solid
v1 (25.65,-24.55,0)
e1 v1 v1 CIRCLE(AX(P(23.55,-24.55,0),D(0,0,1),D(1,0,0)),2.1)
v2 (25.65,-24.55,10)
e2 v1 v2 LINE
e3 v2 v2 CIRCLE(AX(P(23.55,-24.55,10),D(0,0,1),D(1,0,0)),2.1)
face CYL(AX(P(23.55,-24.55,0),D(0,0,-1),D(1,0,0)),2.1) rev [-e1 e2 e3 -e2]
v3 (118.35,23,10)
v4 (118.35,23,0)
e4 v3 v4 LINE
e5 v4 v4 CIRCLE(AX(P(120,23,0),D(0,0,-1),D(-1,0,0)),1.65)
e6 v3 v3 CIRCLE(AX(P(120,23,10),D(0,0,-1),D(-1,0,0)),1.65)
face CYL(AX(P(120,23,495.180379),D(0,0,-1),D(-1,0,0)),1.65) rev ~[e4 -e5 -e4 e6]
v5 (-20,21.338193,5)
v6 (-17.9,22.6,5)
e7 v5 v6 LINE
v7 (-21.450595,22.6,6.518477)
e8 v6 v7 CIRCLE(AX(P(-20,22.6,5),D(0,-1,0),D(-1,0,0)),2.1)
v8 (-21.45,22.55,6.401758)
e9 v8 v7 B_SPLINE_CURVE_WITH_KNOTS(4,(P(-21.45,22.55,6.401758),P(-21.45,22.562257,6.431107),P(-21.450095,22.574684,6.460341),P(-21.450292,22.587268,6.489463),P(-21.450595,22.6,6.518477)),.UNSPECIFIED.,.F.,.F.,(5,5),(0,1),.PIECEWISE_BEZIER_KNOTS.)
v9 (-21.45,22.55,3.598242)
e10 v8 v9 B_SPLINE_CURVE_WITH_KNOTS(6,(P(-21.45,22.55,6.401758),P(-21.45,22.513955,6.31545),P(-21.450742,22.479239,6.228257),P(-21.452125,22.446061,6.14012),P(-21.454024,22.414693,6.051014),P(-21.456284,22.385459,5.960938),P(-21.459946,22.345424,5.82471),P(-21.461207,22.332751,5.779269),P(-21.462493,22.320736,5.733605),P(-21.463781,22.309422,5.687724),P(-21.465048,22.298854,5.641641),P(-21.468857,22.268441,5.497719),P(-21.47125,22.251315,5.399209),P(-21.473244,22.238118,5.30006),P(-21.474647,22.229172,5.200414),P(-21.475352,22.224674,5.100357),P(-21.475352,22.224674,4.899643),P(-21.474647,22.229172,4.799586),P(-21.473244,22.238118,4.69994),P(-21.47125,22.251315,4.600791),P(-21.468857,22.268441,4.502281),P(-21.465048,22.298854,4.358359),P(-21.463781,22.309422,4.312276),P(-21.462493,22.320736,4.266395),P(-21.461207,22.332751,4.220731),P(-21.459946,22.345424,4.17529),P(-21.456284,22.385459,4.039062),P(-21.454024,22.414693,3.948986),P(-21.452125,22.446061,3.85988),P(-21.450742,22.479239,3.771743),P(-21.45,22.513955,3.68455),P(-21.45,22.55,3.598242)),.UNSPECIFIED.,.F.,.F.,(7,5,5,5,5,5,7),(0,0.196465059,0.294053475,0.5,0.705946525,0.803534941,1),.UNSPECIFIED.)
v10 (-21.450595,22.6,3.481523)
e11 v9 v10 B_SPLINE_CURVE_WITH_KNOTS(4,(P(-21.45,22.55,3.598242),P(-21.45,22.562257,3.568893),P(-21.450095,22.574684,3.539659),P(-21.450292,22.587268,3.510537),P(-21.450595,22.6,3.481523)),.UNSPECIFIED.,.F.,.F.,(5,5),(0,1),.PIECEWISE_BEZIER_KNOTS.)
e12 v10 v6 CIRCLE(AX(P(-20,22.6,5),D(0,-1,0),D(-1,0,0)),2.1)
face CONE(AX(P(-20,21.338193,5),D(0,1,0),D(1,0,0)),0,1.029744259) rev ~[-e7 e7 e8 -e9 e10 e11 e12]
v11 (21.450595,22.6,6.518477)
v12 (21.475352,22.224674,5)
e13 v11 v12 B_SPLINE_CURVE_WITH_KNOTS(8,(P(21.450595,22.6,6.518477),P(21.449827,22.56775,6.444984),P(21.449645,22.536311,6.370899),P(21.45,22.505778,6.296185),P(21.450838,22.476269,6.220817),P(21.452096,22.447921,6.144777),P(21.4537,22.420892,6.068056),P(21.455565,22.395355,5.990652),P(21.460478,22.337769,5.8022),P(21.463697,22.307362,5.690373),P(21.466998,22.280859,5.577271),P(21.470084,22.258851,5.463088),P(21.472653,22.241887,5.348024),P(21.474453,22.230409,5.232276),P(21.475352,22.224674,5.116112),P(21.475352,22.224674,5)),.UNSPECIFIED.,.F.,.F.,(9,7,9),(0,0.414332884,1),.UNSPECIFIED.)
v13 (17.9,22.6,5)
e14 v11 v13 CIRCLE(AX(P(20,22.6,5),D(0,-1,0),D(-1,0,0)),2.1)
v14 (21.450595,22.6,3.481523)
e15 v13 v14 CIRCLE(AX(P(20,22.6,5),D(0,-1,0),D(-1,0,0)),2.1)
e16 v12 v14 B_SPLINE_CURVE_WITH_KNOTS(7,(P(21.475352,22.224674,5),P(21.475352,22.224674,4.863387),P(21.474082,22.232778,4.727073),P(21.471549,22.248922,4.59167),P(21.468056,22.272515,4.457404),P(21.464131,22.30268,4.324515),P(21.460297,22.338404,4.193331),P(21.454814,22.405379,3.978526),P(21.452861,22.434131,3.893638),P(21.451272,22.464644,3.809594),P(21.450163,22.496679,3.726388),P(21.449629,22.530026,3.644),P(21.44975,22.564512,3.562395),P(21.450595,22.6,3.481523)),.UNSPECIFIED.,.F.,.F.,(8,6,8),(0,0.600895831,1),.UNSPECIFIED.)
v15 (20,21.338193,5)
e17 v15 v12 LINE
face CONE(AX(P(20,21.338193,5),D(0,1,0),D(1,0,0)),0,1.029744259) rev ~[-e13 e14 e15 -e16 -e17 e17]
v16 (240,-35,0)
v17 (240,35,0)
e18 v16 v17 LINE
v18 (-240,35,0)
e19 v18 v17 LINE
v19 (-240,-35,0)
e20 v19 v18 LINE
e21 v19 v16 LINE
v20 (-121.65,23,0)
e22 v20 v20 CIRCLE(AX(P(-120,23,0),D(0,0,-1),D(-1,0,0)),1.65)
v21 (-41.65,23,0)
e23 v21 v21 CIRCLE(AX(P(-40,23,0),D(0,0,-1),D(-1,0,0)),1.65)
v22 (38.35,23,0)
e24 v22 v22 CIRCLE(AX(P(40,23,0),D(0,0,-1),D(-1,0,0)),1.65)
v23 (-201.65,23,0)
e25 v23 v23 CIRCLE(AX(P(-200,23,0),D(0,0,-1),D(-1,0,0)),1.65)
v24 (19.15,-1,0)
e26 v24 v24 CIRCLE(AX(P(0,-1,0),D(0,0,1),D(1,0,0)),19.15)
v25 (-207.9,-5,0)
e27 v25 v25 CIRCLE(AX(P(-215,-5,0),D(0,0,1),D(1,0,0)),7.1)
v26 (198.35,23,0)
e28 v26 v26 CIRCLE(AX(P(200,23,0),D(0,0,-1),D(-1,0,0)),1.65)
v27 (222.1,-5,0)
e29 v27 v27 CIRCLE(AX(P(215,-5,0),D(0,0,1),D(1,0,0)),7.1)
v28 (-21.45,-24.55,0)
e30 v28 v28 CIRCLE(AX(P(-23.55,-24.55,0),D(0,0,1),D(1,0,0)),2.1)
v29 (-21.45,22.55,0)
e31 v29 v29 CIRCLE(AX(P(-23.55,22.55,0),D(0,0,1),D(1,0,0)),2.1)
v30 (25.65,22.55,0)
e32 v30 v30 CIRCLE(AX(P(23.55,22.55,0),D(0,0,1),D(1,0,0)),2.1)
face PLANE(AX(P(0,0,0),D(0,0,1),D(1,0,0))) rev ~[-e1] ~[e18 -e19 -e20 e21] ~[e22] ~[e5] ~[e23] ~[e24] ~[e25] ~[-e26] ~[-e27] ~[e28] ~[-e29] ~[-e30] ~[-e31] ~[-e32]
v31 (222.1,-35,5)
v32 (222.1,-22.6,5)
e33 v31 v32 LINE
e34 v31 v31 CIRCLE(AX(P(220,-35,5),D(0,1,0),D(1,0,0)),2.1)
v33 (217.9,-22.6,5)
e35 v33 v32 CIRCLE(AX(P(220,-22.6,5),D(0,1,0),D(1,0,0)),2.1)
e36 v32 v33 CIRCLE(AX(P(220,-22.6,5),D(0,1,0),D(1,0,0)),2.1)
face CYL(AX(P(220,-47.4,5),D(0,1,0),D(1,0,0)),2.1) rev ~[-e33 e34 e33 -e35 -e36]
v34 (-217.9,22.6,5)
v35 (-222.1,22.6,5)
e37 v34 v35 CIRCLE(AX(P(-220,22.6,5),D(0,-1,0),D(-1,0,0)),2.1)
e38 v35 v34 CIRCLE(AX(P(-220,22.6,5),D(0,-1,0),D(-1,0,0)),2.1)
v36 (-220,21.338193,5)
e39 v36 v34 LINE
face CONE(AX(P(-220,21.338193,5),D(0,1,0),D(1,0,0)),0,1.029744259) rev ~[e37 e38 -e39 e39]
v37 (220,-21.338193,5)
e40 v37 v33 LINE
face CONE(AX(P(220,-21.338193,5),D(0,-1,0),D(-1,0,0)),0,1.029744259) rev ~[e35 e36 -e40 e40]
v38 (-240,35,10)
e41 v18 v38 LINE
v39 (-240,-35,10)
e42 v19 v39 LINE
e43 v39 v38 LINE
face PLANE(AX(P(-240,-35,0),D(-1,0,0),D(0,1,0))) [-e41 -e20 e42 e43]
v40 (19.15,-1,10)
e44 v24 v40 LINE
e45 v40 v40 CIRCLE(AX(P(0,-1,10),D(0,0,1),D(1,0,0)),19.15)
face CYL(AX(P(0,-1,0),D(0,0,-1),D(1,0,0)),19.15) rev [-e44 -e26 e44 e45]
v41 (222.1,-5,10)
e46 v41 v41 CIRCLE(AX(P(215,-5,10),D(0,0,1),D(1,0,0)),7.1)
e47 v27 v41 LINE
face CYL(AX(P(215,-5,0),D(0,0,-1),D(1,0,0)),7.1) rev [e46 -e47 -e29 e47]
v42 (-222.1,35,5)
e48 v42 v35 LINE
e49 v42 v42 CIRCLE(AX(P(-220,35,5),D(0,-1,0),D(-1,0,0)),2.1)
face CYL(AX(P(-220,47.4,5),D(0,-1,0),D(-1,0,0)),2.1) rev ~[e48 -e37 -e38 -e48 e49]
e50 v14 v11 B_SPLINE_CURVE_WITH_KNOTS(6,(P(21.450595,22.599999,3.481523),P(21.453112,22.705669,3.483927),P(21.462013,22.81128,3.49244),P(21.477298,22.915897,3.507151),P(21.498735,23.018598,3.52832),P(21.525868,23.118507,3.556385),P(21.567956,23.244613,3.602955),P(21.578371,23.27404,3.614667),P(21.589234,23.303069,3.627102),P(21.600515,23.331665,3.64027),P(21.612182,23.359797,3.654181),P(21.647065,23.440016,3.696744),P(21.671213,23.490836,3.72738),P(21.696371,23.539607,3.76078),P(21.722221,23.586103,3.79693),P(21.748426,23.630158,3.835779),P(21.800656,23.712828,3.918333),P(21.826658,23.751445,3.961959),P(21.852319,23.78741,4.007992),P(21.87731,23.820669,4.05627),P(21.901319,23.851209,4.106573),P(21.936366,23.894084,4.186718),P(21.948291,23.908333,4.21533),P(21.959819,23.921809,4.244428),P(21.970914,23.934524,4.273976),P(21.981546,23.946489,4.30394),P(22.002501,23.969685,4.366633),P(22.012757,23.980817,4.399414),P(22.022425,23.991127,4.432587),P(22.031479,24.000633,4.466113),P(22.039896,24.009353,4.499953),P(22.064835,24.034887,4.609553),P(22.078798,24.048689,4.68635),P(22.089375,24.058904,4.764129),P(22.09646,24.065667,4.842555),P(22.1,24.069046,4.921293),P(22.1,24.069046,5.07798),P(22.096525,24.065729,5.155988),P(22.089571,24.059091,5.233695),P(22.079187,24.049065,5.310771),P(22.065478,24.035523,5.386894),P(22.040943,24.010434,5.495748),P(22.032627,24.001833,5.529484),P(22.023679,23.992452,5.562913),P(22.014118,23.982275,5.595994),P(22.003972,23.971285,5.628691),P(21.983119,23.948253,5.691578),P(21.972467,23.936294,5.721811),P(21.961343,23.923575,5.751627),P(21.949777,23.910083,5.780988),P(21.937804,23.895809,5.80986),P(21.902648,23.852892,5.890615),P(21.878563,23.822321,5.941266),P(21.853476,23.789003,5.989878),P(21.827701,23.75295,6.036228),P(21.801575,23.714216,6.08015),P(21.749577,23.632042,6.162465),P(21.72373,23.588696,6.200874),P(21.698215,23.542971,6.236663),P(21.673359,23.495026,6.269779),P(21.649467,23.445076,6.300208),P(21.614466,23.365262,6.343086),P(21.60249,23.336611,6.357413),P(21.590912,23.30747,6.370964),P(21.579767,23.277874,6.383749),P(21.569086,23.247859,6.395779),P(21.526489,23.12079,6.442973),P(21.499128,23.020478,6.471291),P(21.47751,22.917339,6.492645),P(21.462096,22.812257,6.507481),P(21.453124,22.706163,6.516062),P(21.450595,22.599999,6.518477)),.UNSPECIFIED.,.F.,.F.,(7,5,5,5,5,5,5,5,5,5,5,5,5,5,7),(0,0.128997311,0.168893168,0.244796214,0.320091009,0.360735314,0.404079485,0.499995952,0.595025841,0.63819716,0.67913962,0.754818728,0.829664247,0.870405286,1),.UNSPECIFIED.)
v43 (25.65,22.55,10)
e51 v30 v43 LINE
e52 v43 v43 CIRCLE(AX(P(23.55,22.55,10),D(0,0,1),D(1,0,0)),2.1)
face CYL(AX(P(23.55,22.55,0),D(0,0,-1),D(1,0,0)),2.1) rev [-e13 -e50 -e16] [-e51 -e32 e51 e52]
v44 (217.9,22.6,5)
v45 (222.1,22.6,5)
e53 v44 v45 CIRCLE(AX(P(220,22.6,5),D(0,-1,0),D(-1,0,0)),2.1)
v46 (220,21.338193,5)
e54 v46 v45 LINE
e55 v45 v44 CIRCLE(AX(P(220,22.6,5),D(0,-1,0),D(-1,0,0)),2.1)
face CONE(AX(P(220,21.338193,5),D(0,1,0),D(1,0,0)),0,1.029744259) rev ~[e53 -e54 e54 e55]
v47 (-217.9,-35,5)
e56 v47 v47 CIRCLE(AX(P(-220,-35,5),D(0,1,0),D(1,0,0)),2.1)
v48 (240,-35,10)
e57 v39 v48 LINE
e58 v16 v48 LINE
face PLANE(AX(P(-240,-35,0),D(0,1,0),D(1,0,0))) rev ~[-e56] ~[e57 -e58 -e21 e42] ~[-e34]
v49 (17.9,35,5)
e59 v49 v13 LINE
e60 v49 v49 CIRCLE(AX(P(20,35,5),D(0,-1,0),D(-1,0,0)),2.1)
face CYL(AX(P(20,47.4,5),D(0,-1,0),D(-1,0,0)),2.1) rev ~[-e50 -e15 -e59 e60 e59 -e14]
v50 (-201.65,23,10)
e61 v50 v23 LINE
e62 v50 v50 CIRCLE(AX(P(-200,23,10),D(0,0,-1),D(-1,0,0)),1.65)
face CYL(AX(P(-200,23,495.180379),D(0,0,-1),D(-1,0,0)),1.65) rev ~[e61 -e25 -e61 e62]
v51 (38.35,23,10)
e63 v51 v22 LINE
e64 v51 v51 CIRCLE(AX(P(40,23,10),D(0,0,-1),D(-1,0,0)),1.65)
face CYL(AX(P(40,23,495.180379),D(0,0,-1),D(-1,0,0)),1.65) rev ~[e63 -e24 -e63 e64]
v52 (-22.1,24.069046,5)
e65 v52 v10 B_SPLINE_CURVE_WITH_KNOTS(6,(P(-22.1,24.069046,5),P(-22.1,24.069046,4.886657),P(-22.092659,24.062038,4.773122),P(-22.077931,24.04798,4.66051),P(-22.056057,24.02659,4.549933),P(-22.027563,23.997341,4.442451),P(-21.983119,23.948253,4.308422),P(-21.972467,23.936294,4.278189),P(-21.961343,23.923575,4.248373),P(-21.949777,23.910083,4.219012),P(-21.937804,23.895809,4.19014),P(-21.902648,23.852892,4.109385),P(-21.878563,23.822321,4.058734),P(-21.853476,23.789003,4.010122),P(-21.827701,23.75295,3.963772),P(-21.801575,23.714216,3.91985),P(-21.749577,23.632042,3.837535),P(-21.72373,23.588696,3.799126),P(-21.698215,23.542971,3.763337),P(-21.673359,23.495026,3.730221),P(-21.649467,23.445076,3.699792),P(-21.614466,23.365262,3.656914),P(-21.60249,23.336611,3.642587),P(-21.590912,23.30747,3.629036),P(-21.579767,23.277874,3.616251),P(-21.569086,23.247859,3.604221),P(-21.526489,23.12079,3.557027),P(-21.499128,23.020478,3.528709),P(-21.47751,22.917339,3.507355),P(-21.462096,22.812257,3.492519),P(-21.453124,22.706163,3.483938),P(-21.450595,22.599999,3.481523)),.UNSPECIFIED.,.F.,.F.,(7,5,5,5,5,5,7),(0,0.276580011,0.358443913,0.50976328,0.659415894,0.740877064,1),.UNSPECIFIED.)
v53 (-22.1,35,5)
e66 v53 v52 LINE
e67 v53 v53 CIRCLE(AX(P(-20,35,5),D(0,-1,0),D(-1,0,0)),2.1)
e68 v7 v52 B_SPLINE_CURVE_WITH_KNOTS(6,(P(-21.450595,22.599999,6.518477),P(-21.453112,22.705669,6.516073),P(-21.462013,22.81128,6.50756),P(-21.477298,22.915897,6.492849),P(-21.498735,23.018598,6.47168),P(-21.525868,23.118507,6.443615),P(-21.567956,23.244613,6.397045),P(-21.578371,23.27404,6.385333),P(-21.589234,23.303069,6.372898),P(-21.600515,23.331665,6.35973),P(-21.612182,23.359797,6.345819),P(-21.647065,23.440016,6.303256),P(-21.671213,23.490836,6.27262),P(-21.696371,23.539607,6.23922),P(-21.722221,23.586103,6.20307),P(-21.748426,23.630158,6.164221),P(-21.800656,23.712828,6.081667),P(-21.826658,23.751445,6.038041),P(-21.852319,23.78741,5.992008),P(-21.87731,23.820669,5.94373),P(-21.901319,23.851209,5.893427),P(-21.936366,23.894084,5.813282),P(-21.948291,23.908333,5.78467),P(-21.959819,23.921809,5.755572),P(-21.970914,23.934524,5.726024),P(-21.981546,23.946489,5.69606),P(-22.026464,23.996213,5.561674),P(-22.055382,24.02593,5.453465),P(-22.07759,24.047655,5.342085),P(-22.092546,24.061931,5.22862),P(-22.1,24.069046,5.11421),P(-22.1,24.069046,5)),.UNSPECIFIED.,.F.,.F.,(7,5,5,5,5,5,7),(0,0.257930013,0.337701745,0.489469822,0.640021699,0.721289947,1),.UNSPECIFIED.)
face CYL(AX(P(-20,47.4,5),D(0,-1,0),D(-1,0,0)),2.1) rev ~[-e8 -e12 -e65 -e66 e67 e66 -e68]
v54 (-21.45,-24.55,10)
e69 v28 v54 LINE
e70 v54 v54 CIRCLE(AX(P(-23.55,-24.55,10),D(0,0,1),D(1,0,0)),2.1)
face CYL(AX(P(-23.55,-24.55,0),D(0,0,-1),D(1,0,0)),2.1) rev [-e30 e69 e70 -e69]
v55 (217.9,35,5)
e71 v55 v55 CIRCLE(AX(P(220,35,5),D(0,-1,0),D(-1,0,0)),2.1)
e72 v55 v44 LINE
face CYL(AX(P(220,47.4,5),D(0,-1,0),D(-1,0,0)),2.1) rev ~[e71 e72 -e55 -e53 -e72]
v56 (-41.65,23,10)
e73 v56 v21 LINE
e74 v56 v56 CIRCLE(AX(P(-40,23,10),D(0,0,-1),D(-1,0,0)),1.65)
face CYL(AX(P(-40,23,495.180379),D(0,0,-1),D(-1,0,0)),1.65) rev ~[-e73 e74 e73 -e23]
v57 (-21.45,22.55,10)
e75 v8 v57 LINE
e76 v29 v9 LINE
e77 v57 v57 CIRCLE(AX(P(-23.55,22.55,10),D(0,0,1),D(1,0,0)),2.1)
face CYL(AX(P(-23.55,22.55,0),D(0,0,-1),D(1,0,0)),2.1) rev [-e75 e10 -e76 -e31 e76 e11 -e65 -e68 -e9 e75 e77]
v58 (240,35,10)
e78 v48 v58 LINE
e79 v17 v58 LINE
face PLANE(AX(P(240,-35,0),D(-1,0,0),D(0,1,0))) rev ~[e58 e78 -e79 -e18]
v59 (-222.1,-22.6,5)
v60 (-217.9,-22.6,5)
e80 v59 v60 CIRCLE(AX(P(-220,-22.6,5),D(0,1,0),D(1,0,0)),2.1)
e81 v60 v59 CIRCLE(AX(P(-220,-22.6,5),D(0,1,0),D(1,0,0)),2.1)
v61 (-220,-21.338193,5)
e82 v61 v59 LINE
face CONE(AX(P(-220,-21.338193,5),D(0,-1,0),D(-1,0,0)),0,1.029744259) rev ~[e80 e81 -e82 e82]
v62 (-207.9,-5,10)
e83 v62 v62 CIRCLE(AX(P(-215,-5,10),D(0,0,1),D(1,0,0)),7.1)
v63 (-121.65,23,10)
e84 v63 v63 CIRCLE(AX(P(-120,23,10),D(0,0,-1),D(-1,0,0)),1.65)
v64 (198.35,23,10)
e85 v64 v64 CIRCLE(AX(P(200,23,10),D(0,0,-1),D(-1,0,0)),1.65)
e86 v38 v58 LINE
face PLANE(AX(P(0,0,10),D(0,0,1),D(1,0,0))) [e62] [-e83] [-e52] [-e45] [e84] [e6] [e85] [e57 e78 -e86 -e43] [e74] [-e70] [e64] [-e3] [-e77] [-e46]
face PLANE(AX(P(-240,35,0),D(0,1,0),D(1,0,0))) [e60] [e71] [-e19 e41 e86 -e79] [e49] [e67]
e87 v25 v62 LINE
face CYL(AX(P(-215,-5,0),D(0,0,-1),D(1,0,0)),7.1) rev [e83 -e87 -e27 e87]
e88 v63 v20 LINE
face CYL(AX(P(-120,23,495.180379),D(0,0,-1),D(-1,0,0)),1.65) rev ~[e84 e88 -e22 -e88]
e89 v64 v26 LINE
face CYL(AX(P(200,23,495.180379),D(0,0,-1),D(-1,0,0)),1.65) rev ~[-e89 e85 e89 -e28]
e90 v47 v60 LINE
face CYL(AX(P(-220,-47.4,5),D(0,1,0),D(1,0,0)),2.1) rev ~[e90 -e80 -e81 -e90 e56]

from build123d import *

# Parameters (mm, degrees)
SKETCH1_W                  = 480
SKETCH1_H                  = 70
SKETCH1_R                  = 19.15
SKETCH1_R_2                = 2.1
SKETCH1_R_3                = 7.1
BOSS_EXTRUDE1_DEPTH        = 10
M5_TAPPED_HOLE1_D          = 4.2
M5_TAPPED_HOLE1_DEPTH      = 12.4
M5_TAPPED_HOLE1_TIP        = 1.2618073
M5_TAPPED_HOLE2_D          = 4.2
M5_TAPPED_HOLE2_DEPTH      = 12.4
M5_TAPPED_HOLE2_TIP        = 1.2618073
F_3_3_3_3_DIAMETER_HOLE1_D = 3.3


with BuildPart() as part:
    # Sketch1 → Boss-Extrude1 (new body)
    with BuildSketch(Plane.XY):
        Rectangle(SKETCH1_W, SKETCH1_H)
        with Locations((0, -1)):
            Circle(SKETCH1_R, mode=Mode.SUBTRACT)
        with Locations((-23.55, -24.55)):
            Circle(SKETCH1_R_2, mode=Mode.SUBTRACT)
        with Locations((23.55, -24.55)):
            Circle(SKETCH1_R_2, mode=Mode.SUBTRACT)
        with Locations((23.55, 22.55)):
            Circle(SKETCH1_R_2, mode=Mode.SUBTRACT)
        with Locations((-23.55, 22.55)):
            Circle(SKETCH1_R_2, mode=Mode.SUBTRACT)
        with Locations((-215, -5)):
            Circle(SKETCH1_R_3, mode=Mode.SUBTRACT)
        with Locations((215, -5)):
            Circle(SKETCH1_R_3, mode=Mode.SUBTRACT)
    extrude(amount=BOSS_EXTRUDE1_DEPTH)

    # M5 Tapped Hole1
    with Locations(Plane(origin=(0, 35, 0), x_dir=(1, 0, 0), z_dir=(0, 1, 0))):
        with Locations((220, -5), (-220, -5), (-20, -5), (20, -5)):
            Hole(M5_TAPPED_HOLE1_D / 2, depth=M5_TAPPED_HOLE1_DEPTH)
            with Locations((0, 0, -(M5_TAPPED_HOLE1_DEPTH + M5_TAPPED_HOLE1_TIP / 2))):  # 118° drill point
                Cone(0, M5_TAPPED_HOLE1_D / 2, M5_TAPPED_HOLE1_TIP, mode=Mode.SUBTRACT)

    # M5 Tapped Hole2
    with Locations(Plane(origin=(0, -35, 0), x_dir=(-1, 0, 0), z_dir=(0, -1, 0))):
        with Locations((-220, -5), (220, -5)):
            Hole(M5_TAPPED_HOLE2_D / 2, depth=M5_TAPPED_HOLE2_DEPTH)
            with Locations((0, 0, -(M5_TAPPED_HOLE2_DEPTH + M5_TAPPED_HOLE2_TIP / 2))):  # 118° drill point
                Cone(0, M5_TAPPED_HOLE2_D / 2, M5_TAPPED_HOLE2_TIP, mode=Mode.SUBTRACT)

    # Ø3.3 (3.3) Diameter Hole1 (through all)
    with Locations(Plane.XY.offset(10)):
        with Locations((-200, 23), (-120, 23), (-40, 23), (40, 23), (120, 23), (200, 23)):
            Hole(F_3_3_3_3_DIAMETER_HOLE1_D / 2)


solid = part.part
